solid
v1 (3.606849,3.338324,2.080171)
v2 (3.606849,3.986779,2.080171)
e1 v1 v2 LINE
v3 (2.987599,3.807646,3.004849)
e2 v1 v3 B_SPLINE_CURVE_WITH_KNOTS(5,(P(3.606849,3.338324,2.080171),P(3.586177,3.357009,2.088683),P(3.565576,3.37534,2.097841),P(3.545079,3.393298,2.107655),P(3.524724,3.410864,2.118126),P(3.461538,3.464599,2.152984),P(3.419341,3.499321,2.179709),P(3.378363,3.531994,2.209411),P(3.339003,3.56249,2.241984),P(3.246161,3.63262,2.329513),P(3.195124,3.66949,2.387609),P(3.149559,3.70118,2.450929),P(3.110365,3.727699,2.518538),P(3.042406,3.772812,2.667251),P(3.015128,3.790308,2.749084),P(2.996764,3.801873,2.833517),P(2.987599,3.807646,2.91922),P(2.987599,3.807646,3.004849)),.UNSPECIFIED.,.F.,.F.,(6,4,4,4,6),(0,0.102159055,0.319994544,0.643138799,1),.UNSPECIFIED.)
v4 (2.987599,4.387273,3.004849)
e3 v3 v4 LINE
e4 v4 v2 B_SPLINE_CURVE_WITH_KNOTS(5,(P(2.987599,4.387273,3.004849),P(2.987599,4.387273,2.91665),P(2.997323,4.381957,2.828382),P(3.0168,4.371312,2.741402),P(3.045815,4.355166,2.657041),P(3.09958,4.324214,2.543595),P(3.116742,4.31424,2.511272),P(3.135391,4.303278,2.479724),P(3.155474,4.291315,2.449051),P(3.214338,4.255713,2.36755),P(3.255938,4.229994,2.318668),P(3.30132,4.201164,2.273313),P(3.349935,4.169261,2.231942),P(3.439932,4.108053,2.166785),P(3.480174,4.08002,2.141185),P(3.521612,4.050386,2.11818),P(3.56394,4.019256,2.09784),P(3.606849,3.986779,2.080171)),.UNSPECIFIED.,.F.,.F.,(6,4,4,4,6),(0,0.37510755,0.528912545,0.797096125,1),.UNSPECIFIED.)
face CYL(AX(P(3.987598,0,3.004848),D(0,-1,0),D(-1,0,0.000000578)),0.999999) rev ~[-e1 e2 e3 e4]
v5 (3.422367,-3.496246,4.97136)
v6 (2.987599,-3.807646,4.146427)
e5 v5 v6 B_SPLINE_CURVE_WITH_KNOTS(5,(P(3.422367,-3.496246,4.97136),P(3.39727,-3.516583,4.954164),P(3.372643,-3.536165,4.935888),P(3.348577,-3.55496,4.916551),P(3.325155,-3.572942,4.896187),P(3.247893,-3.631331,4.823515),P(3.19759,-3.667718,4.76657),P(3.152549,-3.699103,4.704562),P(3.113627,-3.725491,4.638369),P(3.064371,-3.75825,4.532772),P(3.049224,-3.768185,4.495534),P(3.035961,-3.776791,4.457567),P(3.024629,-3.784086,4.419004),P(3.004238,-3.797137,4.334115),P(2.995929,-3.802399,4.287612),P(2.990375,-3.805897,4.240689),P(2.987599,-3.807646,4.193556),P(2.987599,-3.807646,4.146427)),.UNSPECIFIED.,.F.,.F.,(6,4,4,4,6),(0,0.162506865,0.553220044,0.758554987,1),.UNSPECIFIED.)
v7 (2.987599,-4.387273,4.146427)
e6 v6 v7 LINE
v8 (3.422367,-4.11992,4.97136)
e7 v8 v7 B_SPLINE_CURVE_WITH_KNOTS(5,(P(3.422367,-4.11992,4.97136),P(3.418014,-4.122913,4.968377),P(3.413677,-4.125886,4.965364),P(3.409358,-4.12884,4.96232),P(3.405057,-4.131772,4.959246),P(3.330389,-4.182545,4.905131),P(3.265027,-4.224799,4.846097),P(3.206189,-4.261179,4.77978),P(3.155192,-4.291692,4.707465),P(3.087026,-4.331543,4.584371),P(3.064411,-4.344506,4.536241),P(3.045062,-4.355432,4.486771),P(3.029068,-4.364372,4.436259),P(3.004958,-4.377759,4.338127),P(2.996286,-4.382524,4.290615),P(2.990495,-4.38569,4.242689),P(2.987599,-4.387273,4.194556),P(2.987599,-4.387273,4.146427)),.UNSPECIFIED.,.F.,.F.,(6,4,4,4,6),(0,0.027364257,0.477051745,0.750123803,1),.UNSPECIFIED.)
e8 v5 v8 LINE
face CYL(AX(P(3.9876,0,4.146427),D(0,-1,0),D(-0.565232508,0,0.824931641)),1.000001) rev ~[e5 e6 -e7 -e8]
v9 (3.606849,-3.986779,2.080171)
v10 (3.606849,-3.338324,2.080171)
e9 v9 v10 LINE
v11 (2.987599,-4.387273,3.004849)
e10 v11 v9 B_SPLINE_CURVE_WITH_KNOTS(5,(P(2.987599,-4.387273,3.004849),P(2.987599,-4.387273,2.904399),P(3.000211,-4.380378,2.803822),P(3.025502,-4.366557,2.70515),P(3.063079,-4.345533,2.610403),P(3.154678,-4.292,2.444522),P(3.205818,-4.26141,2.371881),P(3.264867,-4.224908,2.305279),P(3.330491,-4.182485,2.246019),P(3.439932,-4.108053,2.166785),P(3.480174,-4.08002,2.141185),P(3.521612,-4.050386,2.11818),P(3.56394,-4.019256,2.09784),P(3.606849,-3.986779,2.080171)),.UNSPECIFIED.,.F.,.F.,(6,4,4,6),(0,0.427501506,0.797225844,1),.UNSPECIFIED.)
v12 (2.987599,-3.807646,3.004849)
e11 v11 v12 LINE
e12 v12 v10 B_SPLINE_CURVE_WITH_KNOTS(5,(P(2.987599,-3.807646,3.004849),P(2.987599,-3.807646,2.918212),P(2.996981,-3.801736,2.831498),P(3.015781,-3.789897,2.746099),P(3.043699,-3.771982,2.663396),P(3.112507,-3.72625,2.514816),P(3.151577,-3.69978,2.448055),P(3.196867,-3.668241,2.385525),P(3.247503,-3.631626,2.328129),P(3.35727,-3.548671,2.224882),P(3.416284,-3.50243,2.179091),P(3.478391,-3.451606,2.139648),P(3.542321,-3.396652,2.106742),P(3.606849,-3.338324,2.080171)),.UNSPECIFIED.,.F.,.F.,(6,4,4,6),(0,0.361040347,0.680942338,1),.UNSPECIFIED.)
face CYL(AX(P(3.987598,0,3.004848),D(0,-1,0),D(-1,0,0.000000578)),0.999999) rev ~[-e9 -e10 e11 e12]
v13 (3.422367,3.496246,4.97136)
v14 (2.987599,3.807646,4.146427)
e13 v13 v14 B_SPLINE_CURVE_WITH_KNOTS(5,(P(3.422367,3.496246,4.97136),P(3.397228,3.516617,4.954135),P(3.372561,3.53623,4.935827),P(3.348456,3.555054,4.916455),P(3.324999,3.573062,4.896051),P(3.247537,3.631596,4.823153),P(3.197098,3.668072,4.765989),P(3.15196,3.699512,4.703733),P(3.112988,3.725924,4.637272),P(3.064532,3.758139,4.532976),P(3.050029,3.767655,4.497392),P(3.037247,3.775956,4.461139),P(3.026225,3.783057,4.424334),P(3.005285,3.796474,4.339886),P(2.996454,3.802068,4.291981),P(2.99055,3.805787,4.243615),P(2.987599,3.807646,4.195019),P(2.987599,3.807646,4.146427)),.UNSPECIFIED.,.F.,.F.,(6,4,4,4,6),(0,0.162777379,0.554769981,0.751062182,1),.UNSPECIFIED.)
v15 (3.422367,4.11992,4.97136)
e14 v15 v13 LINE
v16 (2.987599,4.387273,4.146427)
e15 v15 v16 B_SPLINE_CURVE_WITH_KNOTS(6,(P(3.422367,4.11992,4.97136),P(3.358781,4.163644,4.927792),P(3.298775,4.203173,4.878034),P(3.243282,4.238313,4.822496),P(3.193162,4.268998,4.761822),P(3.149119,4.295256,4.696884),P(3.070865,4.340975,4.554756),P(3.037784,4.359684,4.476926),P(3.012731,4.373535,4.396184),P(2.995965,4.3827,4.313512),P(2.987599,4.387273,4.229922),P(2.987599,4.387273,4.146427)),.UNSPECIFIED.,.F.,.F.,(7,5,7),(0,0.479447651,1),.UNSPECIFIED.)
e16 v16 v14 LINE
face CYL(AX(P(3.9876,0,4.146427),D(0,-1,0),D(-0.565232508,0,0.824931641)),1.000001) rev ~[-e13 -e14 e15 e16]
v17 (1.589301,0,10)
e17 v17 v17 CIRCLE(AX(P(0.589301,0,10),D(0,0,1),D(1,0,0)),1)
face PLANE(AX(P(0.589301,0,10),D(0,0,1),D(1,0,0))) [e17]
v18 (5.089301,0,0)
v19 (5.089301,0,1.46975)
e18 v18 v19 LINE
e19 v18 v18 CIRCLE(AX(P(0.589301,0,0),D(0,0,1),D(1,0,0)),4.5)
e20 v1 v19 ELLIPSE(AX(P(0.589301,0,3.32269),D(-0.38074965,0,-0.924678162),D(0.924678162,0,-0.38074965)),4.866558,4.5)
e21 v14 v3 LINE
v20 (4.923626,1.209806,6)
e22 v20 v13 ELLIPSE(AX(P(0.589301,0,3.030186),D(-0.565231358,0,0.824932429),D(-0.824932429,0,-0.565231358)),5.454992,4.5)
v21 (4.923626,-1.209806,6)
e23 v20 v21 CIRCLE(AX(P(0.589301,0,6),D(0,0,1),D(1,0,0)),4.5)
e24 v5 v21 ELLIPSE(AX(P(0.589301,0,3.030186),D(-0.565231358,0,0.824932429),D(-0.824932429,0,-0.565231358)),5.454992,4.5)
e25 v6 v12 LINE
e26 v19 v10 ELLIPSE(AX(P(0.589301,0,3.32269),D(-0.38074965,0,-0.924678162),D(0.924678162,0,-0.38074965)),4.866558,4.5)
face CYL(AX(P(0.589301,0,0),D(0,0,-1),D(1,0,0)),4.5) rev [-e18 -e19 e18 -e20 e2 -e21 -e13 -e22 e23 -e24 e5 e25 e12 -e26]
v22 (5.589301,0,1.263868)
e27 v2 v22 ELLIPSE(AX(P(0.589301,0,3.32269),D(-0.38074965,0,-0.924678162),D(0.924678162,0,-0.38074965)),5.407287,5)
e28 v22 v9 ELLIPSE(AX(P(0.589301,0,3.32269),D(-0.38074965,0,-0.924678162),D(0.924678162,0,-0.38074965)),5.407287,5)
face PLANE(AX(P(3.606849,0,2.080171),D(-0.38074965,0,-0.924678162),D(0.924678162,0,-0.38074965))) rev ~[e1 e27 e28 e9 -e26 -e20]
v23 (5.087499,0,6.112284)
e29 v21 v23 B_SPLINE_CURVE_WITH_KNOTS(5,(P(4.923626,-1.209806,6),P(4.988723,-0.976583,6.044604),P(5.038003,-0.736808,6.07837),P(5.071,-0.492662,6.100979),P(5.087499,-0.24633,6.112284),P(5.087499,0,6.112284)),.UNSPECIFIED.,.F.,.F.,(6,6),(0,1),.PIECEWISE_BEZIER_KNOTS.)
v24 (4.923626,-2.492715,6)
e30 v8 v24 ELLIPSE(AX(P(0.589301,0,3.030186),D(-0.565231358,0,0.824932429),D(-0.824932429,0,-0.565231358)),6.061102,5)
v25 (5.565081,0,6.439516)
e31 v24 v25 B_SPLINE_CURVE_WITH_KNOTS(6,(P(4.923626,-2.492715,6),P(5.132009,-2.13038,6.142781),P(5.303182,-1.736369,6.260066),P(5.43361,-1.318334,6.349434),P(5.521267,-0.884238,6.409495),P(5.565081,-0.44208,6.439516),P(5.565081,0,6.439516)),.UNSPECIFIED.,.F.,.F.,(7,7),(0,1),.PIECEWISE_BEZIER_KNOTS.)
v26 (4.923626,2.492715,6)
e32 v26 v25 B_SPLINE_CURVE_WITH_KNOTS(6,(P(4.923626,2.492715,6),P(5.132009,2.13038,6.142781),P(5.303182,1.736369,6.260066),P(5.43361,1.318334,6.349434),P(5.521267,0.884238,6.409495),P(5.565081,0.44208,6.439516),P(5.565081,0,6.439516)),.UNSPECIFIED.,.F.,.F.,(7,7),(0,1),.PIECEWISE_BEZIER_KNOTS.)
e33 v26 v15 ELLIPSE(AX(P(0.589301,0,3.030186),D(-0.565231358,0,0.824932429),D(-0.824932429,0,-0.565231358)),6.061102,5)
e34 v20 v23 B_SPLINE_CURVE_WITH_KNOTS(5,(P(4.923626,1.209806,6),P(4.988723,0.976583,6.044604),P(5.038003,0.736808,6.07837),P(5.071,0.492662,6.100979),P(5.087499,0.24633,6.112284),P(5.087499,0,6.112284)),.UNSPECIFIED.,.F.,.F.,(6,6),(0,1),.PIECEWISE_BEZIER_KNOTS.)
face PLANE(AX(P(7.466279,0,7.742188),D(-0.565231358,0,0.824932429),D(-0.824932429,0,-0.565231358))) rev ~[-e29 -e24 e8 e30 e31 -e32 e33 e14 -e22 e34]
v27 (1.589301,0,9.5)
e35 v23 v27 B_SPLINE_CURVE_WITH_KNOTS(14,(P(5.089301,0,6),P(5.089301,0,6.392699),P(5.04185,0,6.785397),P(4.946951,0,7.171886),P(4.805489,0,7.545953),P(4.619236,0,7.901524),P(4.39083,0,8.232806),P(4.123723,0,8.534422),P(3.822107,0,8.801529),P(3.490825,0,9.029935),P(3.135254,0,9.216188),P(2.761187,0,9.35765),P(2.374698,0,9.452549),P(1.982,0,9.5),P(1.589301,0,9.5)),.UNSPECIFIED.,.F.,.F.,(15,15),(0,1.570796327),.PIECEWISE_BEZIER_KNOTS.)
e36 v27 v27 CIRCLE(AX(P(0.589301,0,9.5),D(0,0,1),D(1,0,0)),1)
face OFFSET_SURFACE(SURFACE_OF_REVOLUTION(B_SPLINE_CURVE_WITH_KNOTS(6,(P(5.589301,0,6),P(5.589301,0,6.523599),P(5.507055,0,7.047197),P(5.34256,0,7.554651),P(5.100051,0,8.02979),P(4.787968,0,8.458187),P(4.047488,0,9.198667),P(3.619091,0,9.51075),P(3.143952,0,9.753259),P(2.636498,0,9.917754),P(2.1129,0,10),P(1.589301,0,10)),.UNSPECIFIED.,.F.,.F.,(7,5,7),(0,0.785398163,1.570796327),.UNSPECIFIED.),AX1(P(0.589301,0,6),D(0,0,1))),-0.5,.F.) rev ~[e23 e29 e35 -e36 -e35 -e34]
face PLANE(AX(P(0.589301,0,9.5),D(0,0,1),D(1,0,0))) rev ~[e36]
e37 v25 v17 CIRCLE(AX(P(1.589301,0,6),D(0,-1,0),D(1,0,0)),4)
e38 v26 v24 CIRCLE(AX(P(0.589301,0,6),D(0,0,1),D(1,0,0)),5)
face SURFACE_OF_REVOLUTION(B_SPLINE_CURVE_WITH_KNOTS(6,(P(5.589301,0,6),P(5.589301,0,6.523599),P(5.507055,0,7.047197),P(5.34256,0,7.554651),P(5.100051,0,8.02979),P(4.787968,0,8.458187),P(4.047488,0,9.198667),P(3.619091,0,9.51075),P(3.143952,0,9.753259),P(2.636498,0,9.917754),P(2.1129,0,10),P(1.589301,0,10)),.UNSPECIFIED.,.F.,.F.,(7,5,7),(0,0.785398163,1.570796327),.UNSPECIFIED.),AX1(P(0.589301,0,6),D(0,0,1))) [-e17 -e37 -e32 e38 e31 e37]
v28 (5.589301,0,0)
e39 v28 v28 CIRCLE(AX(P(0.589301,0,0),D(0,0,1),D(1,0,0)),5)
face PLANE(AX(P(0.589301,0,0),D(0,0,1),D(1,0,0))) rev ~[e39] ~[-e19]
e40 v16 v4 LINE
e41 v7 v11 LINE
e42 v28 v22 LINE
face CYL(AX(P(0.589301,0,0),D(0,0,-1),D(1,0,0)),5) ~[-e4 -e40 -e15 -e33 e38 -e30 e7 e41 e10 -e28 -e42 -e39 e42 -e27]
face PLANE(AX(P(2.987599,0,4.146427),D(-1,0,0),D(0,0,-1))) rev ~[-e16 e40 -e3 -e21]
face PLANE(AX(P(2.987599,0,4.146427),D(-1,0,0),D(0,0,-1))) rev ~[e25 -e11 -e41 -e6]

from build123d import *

# Parameters (mm, degrees)
F0_R     = 5
F1_DEPTH = 10
F2_R     = 4
F4_T     = -0.5
F5_DEPTH = 12.5


with BuildPart() as f1:
    # F0 (on Top) → F1 (new body)
    with BuildSketch(Plane.XY):
        with Locations((0.589301, 0)):
            Circle(F0_R)
    extrude(amount=F1_DEPTH)

    # F2
    f2_edges = [f1.edges().sort_by_distance(p)[0] for p in [
        (-4.410699, 0, 10),
    ]]
    fillet(f2_edges, radius=F2_R)

    # F4
    f4_openings = [f1.faces().sort_by_distance(p)[0] for p in [
        (0.589301, 0, 0),
    ]]
    offset(amount=F4_T, openings=f4_openings)

    # F3 (on Front) → F5 (cut, symmetric)
    with BuildSketch(Plane.XZ):
        with BuildLine():
            Line((6.897407, 0.725236), (7.466279, 7.742188))
            Line((7.466279, 7.742188), (3.422367, 4.97136))
            ThreePointArc((3.422367, 4.97136), (3.102943, 4.612672), (2.987599, 4.146427))
            Line((2.987599, 4.146427), (2.987599, 3.004849))
            ThreePointArc((2.987599, 3.004849), (3.156711, 2.448409), (3.606849, 2.080171))
            Line((3.606849, 2.080171), (6.897407, 0.725236))
        make_face()
    extrude(amount=F5_DEPTH, both=True, mode=Mode.SUBTRACT)


solid = f1.part
